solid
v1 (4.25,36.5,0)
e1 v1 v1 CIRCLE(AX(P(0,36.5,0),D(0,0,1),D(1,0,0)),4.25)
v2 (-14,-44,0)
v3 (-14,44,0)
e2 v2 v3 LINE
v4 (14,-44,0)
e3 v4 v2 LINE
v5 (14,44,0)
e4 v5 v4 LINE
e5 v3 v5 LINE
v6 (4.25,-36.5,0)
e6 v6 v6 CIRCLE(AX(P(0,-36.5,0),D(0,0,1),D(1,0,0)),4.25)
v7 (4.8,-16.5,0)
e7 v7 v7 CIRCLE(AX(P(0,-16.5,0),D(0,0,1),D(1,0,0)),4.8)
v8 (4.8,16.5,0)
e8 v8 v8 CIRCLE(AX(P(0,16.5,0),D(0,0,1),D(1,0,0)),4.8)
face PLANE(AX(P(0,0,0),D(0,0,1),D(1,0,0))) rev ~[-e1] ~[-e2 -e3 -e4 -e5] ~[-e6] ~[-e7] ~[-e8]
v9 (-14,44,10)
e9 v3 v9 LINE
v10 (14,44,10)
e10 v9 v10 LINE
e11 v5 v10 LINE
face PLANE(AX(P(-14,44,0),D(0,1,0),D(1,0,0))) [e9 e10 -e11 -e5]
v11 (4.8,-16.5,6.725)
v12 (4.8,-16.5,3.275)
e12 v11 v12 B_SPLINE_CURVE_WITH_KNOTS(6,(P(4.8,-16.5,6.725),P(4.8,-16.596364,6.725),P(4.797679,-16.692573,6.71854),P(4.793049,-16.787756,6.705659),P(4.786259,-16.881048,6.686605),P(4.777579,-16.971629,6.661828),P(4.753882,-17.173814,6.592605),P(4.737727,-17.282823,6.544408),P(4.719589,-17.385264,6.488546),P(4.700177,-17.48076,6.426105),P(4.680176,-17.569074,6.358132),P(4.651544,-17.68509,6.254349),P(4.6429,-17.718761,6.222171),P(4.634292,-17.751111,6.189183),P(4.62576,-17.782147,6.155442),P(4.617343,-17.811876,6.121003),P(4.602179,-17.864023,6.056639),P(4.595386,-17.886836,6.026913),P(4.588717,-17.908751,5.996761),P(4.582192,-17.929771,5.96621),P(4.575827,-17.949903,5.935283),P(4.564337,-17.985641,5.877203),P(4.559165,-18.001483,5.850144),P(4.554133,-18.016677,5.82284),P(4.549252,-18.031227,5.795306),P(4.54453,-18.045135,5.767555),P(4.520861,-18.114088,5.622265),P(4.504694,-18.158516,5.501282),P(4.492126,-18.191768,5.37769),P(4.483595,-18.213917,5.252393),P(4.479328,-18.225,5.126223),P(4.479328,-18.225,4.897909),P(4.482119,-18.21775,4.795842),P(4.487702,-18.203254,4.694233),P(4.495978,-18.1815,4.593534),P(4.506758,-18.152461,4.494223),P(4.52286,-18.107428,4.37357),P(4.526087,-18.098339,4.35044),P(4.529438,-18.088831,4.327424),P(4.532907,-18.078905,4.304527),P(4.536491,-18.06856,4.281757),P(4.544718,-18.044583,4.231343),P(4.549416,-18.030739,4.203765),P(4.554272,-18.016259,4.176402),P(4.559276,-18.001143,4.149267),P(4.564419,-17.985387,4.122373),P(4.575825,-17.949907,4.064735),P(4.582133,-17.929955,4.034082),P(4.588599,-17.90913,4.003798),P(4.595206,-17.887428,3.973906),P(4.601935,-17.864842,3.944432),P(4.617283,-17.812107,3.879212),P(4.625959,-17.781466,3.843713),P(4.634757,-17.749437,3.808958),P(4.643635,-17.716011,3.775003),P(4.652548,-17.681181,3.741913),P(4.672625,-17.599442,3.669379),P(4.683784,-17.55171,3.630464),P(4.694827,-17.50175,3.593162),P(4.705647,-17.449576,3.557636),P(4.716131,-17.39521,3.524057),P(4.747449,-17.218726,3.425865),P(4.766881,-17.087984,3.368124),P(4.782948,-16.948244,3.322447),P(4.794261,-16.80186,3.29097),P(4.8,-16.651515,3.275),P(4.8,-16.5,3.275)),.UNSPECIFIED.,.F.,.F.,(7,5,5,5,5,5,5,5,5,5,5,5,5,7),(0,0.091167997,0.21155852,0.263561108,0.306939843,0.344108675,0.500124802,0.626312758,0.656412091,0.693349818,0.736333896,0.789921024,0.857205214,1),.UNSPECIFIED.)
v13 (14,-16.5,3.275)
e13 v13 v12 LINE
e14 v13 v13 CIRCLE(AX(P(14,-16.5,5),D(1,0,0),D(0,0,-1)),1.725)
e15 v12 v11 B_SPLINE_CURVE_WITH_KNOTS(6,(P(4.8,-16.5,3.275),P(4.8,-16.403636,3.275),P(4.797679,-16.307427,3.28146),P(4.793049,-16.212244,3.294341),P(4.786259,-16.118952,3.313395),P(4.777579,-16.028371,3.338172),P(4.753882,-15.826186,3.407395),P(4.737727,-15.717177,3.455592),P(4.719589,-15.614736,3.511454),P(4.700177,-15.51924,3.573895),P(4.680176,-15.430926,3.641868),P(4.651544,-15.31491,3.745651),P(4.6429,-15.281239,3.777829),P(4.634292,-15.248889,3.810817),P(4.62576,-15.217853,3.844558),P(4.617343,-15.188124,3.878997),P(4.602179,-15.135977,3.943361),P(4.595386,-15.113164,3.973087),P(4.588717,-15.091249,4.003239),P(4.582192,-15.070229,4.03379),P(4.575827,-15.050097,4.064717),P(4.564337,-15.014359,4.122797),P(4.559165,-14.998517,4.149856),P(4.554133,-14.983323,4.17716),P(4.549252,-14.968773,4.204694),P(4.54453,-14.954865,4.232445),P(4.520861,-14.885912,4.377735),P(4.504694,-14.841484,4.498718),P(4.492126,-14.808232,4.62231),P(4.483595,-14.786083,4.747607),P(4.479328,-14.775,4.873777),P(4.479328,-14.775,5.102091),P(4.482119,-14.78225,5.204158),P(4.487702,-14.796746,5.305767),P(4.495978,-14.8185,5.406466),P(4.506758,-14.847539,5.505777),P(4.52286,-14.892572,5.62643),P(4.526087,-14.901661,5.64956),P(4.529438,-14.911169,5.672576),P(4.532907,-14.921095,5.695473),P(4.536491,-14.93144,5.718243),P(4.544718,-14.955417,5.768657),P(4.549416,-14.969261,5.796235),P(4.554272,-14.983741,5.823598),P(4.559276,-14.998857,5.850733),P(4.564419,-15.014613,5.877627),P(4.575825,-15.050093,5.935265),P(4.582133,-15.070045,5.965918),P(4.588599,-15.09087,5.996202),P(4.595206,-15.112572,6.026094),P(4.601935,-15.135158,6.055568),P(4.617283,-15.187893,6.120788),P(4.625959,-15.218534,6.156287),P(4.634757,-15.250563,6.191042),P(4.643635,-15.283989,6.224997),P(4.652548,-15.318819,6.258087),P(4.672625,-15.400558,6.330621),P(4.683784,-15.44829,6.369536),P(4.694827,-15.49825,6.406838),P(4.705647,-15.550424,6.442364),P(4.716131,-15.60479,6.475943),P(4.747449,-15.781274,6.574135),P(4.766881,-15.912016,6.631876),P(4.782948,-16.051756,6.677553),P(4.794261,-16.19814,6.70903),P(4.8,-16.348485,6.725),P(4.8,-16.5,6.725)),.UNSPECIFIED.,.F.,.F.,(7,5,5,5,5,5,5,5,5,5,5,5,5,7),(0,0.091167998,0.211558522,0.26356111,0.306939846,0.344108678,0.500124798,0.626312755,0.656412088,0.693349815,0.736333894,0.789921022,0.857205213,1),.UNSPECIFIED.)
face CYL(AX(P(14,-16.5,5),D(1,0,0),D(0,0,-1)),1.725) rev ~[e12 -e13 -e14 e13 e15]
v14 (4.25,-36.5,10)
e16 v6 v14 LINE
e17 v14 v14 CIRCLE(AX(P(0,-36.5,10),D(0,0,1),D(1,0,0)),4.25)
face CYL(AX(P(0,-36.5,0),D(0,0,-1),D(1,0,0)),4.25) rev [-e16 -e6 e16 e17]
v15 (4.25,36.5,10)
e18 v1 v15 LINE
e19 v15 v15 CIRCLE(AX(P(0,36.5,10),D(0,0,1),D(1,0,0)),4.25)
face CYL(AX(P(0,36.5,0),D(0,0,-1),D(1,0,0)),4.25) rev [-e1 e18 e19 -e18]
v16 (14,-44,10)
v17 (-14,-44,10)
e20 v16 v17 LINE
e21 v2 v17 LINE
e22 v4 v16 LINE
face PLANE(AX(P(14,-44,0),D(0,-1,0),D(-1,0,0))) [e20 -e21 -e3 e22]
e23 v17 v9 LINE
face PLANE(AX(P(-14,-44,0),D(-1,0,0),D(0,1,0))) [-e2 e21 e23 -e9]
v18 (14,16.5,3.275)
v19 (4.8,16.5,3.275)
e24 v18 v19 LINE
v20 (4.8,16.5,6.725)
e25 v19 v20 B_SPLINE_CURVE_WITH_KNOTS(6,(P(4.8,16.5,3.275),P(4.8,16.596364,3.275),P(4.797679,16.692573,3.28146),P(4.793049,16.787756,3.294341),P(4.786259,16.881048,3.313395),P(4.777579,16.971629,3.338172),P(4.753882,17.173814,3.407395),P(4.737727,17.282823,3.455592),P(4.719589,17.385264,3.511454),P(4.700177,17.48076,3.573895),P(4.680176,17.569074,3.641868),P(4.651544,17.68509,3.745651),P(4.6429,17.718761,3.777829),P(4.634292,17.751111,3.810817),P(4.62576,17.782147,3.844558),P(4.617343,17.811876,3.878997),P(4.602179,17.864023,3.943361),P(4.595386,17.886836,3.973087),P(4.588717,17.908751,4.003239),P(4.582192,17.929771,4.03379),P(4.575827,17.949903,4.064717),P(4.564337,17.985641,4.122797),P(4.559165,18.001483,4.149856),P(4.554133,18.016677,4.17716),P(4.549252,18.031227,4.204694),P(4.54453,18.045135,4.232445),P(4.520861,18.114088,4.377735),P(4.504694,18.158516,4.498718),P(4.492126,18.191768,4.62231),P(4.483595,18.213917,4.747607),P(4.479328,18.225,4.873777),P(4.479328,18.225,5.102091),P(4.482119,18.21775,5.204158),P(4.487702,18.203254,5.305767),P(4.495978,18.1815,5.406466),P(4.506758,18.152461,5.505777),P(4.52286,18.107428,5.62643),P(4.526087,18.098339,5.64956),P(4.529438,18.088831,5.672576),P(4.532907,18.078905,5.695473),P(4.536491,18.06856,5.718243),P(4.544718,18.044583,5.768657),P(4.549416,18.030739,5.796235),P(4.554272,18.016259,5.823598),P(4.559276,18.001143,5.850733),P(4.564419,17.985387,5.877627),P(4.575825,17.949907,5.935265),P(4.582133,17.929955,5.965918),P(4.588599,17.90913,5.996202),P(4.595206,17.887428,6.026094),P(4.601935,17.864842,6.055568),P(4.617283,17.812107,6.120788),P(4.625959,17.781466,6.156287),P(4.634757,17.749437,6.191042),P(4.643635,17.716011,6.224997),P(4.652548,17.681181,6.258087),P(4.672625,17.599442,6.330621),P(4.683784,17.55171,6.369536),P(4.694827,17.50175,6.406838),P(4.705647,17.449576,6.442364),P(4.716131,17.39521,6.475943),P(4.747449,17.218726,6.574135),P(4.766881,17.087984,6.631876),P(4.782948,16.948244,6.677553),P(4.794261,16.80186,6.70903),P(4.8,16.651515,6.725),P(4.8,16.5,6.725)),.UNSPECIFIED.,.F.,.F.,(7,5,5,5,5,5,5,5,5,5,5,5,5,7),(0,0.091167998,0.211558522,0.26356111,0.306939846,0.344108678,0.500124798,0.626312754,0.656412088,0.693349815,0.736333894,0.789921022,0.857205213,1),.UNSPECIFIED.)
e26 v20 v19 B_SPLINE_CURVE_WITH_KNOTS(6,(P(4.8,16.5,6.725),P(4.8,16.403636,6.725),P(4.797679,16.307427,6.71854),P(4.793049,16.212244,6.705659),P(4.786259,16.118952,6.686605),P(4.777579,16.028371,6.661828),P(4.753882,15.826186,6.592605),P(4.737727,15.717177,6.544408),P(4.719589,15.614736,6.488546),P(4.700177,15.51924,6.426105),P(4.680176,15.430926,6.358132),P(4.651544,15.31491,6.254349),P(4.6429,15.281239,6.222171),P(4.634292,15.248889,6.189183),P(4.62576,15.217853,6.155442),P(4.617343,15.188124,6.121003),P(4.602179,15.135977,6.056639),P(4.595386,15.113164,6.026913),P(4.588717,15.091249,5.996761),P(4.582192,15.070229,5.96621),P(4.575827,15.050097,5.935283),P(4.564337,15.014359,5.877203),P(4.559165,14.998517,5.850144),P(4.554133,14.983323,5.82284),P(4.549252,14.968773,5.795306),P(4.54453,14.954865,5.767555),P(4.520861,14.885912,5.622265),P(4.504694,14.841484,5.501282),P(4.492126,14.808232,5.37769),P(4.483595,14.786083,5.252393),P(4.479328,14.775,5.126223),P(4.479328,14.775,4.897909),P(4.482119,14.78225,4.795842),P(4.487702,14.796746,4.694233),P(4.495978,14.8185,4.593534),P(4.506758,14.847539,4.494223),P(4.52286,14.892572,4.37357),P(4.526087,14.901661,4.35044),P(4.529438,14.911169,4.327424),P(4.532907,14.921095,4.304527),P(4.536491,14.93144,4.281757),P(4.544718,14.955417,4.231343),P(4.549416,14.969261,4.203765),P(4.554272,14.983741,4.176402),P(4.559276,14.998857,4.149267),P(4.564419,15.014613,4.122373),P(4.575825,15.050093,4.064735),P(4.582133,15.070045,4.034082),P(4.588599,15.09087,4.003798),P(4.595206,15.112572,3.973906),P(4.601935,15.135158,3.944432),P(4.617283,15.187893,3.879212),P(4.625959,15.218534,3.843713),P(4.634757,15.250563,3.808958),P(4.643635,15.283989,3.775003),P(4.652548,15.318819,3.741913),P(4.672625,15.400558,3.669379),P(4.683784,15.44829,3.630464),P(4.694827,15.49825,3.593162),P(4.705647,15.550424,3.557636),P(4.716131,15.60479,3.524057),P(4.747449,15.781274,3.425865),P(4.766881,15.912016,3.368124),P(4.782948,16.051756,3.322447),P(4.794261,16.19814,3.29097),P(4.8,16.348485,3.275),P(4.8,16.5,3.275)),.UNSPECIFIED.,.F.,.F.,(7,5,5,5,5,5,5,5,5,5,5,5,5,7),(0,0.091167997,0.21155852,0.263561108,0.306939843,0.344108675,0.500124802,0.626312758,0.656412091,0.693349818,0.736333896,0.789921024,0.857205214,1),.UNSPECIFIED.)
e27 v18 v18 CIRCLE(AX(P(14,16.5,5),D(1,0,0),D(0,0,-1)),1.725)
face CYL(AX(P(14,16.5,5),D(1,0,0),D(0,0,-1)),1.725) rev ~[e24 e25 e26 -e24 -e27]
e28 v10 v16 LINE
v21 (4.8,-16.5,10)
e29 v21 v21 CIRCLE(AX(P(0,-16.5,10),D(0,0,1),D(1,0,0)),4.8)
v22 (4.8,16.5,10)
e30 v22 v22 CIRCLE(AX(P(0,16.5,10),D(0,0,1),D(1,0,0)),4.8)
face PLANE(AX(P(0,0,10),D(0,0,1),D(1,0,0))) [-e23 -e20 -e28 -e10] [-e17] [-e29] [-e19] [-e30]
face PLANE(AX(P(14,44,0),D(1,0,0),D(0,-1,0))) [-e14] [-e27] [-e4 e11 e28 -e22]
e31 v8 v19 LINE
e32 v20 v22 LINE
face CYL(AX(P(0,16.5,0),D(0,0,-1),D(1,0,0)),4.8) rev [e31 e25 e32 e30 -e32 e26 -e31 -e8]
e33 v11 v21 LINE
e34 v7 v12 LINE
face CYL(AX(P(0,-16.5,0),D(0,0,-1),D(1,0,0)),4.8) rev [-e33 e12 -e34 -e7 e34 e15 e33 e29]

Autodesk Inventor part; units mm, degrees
ref_plane "YZ Plane" through (0, 0, 0) normal (1, 0, 0) x (0, 1, 0)
ref_plane "XZ Plane" through (0, 0, 0) normal (0, 1, 0) x (-1, 0, 0)
ref_plane "XY Plane" through (0, 0, 0) normal (0, 0, 1) x (1, 0, 0)
sketch "Sketch1" plane through (0, 0, 0) normal (0, 0, 1) x (1, 0, 0)
  line L0 (-14, 44) -> (14, 44)
  line L1 (14, 44) -> (14, -44)
  line L2 (14, -44) -> (-14, -44)
  line L3 (-14, -44) -> (-14, 44)
  circle A0 centre (0, 16.5) radius 4.8
  circle A1 centre (0, -16.5) radius 4.8
  circle A2 centre (0, 36.5) radius 4.25
  circle A3 centre (0, -36.5) radius 4.25
  point P0 (0, 0)
  dimension "d0" = 28
  dimension "d2" = 9.6
  dimension "d3" = 9.6
  dimension "d8" = 8.5
  dimension "d9" = 8.5
  dimension "d11" = 20
  dimension "d12" = 20
  dimension "d37" = 44
  dimension "d38" = 44
  dimension "d45" = 33
extrude "Extrusion1" add sketch "Sketch1" along normal blind 10
sketch "Sketch2" plane through (14, -44, 0) normal (1, 0, 0) x (0, 0, -1)
  circle A0 centre (-5, 60.5) radius 1.725
  circle A1 centre (-5, 27.5) radius 1.725
  line L0 (-10, 0) -> (-10, 88) projected
  point P0 (0, 44)
  dimension "d23" = 3.45
  dimension "d24" = 3.45
  dimension "d25" = 16.5
  dimension "d26" = 16.5
  dimension "d27" = 5
  dimension "d28" = 5
extrude "Extrusion2" cut sketch "Sketch2" against normal blind 15
properties part number "12112_Proximal Roller Plate_V1" material "Wood (Birch)"
